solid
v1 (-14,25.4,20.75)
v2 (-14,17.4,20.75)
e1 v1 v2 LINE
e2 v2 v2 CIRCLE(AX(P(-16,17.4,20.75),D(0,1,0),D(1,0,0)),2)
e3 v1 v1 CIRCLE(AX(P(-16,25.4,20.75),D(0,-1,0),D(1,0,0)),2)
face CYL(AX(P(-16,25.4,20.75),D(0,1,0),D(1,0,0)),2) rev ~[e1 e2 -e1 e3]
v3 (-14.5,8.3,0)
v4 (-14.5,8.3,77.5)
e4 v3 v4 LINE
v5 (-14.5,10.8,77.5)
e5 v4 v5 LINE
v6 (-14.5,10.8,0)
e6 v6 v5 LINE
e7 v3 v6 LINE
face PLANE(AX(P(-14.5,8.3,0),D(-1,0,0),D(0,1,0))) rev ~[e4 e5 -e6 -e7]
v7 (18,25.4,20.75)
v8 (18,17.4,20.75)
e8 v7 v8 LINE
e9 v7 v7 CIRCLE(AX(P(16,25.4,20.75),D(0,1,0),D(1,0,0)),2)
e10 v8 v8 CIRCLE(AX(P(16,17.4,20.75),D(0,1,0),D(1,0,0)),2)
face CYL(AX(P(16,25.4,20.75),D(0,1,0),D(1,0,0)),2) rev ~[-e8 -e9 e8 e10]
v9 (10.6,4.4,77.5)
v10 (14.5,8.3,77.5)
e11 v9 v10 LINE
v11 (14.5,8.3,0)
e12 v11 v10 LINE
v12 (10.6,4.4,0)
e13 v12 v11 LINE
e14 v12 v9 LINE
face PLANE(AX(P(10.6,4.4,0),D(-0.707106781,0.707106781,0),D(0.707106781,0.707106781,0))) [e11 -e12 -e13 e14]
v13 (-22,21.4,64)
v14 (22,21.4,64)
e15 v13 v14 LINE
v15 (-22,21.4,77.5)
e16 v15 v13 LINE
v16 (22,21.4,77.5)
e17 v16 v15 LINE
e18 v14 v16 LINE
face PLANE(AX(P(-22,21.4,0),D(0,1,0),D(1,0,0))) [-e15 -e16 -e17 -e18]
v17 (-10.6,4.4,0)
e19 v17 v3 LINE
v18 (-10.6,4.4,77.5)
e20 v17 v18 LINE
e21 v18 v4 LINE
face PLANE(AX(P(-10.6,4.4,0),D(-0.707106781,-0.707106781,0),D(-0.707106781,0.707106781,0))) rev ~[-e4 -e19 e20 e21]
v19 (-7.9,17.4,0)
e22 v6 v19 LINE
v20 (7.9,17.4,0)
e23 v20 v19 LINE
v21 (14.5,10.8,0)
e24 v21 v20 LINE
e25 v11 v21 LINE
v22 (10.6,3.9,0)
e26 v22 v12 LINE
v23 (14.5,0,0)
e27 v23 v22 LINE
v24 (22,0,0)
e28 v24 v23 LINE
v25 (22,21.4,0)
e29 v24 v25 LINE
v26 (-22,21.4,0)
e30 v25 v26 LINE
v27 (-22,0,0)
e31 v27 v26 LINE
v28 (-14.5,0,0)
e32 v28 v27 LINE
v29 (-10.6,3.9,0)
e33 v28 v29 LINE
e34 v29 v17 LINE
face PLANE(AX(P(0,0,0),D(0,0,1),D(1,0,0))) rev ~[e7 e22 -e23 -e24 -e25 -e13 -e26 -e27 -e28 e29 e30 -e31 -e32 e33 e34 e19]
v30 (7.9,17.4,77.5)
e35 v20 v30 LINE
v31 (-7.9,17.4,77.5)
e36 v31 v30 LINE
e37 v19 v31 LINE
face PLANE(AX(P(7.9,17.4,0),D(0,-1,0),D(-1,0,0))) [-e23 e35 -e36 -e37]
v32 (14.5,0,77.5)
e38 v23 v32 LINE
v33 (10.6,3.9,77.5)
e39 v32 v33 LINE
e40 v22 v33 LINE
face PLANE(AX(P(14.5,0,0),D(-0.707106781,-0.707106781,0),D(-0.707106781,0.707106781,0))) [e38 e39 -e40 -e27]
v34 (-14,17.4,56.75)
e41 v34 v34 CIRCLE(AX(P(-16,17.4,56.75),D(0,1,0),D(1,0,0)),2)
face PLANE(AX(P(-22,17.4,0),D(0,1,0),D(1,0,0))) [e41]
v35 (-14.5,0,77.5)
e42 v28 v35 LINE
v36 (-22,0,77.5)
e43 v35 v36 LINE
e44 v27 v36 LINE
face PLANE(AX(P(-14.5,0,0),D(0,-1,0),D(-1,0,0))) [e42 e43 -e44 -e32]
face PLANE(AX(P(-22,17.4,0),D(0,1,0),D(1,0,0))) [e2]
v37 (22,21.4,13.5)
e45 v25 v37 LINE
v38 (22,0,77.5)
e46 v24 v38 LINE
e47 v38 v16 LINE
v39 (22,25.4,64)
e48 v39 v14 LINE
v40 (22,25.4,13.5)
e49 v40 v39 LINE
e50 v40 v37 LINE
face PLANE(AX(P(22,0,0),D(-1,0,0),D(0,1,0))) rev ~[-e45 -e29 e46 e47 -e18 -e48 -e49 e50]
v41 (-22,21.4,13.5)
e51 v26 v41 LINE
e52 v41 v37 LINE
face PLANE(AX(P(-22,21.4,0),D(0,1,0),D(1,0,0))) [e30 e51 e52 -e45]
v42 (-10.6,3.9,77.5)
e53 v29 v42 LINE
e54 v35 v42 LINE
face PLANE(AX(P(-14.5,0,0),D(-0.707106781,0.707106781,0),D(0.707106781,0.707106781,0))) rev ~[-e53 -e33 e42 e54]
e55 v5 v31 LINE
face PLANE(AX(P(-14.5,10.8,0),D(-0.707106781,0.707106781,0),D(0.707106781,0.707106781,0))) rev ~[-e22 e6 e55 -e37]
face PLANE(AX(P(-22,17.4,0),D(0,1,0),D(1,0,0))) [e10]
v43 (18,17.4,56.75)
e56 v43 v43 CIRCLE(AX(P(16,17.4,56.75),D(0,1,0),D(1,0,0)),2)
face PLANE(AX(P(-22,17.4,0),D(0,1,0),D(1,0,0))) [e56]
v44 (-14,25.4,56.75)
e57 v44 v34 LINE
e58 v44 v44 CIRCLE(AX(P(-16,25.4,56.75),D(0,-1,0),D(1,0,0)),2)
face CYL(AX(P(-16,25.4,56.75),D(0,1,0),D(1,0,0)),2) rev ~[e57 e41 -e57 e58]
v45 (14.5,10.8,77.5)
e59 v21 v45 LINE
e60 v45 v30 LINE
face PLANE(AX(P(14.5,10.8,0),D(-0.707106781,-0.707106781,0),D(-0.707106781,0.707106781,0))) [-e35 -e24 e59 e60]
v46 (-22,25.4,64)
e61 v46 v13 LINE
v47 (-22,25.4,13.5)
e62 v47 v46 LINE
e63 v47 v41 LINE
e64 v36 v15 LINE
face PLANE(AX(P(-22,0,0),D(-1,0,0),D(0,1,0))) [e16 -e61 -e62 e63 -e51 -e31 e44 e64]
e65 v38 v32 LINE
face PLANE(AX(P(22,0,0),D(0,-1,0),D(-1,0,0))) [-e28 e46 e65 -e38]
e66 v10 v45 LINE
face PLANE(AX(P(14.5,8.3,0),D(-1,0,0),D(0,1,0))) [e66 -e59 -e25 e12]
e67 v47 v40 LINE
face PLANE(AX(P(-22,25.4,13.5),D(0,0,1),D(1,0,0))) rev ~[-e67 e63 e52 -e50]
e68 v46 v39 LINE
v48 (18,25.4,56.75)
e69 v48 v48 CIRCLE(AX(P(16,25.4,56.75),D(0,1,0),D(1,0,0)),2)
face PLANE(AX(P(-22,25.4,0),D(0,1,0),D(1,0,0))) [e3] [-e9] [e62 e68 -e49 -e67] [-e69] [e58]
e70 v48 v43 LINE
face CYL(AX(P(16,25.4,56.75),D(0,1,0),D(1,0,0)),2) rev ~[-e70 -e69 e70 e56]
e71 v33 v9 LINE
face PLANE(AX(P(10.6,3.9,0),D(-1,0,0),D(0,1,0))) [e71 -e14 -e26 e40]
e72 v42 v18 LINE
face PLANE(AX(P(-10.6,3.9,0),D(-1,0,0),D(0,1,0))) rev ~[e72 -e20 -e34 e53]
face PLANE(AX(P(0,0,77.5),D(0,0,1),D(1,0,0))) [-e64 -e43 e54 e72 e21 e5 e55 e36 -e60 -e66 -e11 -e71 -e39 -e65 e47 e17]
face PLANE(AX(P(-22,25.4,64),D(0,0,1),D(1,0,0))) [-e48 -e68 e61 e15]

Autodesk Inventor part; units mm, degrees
ref_plane "YZ Plane" through (0, 0, 0) normal (1, 0, 0) x (0, 1, 0)
ref_plane "XZ Plane" through (0, 0, 0) normal (0, 1, 0) x (-1, 0, 0)
ref_plane "XY Plane" through (0, 0, 0) normal (0, 0, 1) x (1, 0, 0)
sketch "Sketch1" plane through (0, 0, 0) normal (0, 0, 1) x (1, 0, 0)
  line L0 (0, 0) -> (-22, 0)
  line L1 (-22, 0) -> (-22, 0)
  line L2 (-22, 0) -> (-14.5, 0)
  line L3 (-22, 0) -> (-22, 25.4)
  line L4 (-22, 25.4) -> (0, 25.4)
  line L5 (-29.0722, -4.6) -> (-18.7593, -4.6) construction
  line L6 (-22, 0) -> (0, 0) construction
  line L7 (0, 0) -> (22, 0) construction
  line L8 (0, -10.6) -> (0, 31.4) construction
  line L9 (0, -4.6) -> (0, 12.9) construction
  line L10 (0, -4.6) -> (-10, -4.6) construction
  line L11 (0, -4.6) -> (10, -4.6) construction
  line L12 (-10, -4.6) -> (-10, 0) construction
  line L13 (-10, 0) -> (-6.1, 3.9) construction
  line L14 (-6.1, 3.9) -> (-6.1, 4.4) construction
  line L15 (-6.1, 4.4) -> (-10, 8.3) construction
  line L16 (-10, 8.3) -> (-10, 10.8) construction
  line L17 (-10, 10.8) -> (-7.9, 12.9) construction
  line L18 (-7.9, 12.9) -> (0, 12.9) construction
  line L19 (10, 0) -> (6.1, 3.9) construction
  line L20 (6.1, 3.9) -> (6.1, 4.4) construction
  line L21 (6.1, 4.4) -> (10, 8.3) construction
  line L22 (10, 8.3) -> (10, 10.8) construction
  line L23 (10, 10.8) -> (7.9, 12.9) construction
  line L24 (10, -4.6) -> (10, 0) construction
  line L25 (7.9, 12.9) -> (0, 12.9) construction
  line L26 (-14.5, 8.3) -> (-14.5, 10.8)
  line L27 (-14.5, 10.8) -> (-7.9, 17.4)
  line L28 (-7.9, 17.4) -> (0, 17.4)
  line L29 (-14.5, 0) -> (-10.6, 3.9)
  line L30 (-10.6, 3.9) -> (-10.6, 4.4)
  line L31 (-10.6, 4.4) -> (-14.5, 8.3)
  line L32 (-10.6, 3.9) -> (-6.1, 3.9) construction
  line L33 (-10, 8.3) -> (-14.5, 8.3) construction
  line L34 (22, 0) -> (14.5, 0)
  line L35 (22, 0) -> (22, 25.4)
  line L36 (22, 25.4) -> (0, 25.4)
  line L37 (14.5, 8.3) -> (14.5, 10.8)
  line L38 (14.5, 10.8) -> (7.9, 17.4)
  line L39 (7.9, 17.4) -> (0, 17.4)
  line L40 (14.5, 0) -> (10.6, 3.9)
  line L41 (10.6, 3.9) -> (10.6, 4.4)
  line L42 (10.6, 4.4) -> (14.5, 8.3)
  point P0 (-3.95, 17.4)
  dimension "d0" = 4.6
  dimension "d1" = 44
  dimension "d3" = 17.5
  dimension "d4" = 20
  dimension "d5" = 4.6
  dimension "d6" = 8.5
  dimension "d7" = 135
  dimension "d8" = 0.5
  dimension "d9" = 135
  dimension "d10" = 2.5
  dimension "d11" = 7.5
  dimension "d12" = 25.4
  dimension "d13" = 45
  dimension "d14" = 135
  dimension "d15" = 2.5
  dimension "d16" = 0.5
  dimension "d17" = 135
  dimension "d19" = 4.5
extrude "Extrusion1" add sketch "Sketch1" along normal blind 77.5
sketch "Sketch2" plane through (-22, 25.4, 0) normal (0, 1, 0) x (1, 0, 0)
  circle A0 centre (6, -20.75) radius 2
  circle A1 centre (6, -56.75) radius 2
  line L0 (6, -20.75) -> (6, -56.75)
  circle A2 centre (38, -20.75) radius 2
  circle A3 centre (38, -56.75) radius 2
  line L1 (38, -20.75) -> (38, -56.75) construction
  line L2 (22, 0) -> (22, -77.5) construction
  line L3 (44, -77.5) -> (0, -77.5) construction
  line L4 (38, -38.75) -> (22, -38.75) construction
  line L5 (6, -38.75) -> (22, -38.75) construction
  line L6 (0, 0) -> (0, -77.5) construction
  line L7 (44, -64) -> (0, -64) construction
  line L8 (0, -64) -> (0, -13.5) construction
  line L9 (0, -13.5) -> (44, -13.5) construction
  line L10 (44, -13.5) -> (44, -64) construction
  line L11 (44, -64) -> (0, -13.5) construction
  line L12 (0, -64) -> (44, -13.5) construction
  line L13 (44, 0) -> (44, -77.5) projected
  line L14 (0, -13.5) -> (44, -13.5)
  line L15 (44, -13.5) -> (44, 0)
  line L16 (44, 0) -> (0, 0)
  line L17 (0, 0) -> (0, -13.5)
  line L18 (0, -64) -> (44, -64)
  line L19 (44, -64) -> (44, -77.5)
  line L20 (44, -77.5) -> (0, -77.5)
  line L21 (0, -77.5) -> (0, -64)
  point P0 (7.5, -77.5)
  dimension "d22" = 36
  dimension "d23" = 4
  dimension "d24" = 4
  dimension "d25" = 36
  dimension "d26" = 4
  dimension "d27" = 4
  dimension "d29" = 32
  dimension "d30" = 50.5
extrude "Extrusion2" cut sketch "Sketch2" against normal blind 8 contours A0 | A1 | A2 | A3
extrude "Extrusion3" cut sketch "Sketch2" against normal blind 4 contours L13 L20 L21 L18 | L13 L14 L17 L16
equation "\"d15\" = d10"
equation "\"d16\" = d8"
properties part number "HGH20CA Slider Block"
